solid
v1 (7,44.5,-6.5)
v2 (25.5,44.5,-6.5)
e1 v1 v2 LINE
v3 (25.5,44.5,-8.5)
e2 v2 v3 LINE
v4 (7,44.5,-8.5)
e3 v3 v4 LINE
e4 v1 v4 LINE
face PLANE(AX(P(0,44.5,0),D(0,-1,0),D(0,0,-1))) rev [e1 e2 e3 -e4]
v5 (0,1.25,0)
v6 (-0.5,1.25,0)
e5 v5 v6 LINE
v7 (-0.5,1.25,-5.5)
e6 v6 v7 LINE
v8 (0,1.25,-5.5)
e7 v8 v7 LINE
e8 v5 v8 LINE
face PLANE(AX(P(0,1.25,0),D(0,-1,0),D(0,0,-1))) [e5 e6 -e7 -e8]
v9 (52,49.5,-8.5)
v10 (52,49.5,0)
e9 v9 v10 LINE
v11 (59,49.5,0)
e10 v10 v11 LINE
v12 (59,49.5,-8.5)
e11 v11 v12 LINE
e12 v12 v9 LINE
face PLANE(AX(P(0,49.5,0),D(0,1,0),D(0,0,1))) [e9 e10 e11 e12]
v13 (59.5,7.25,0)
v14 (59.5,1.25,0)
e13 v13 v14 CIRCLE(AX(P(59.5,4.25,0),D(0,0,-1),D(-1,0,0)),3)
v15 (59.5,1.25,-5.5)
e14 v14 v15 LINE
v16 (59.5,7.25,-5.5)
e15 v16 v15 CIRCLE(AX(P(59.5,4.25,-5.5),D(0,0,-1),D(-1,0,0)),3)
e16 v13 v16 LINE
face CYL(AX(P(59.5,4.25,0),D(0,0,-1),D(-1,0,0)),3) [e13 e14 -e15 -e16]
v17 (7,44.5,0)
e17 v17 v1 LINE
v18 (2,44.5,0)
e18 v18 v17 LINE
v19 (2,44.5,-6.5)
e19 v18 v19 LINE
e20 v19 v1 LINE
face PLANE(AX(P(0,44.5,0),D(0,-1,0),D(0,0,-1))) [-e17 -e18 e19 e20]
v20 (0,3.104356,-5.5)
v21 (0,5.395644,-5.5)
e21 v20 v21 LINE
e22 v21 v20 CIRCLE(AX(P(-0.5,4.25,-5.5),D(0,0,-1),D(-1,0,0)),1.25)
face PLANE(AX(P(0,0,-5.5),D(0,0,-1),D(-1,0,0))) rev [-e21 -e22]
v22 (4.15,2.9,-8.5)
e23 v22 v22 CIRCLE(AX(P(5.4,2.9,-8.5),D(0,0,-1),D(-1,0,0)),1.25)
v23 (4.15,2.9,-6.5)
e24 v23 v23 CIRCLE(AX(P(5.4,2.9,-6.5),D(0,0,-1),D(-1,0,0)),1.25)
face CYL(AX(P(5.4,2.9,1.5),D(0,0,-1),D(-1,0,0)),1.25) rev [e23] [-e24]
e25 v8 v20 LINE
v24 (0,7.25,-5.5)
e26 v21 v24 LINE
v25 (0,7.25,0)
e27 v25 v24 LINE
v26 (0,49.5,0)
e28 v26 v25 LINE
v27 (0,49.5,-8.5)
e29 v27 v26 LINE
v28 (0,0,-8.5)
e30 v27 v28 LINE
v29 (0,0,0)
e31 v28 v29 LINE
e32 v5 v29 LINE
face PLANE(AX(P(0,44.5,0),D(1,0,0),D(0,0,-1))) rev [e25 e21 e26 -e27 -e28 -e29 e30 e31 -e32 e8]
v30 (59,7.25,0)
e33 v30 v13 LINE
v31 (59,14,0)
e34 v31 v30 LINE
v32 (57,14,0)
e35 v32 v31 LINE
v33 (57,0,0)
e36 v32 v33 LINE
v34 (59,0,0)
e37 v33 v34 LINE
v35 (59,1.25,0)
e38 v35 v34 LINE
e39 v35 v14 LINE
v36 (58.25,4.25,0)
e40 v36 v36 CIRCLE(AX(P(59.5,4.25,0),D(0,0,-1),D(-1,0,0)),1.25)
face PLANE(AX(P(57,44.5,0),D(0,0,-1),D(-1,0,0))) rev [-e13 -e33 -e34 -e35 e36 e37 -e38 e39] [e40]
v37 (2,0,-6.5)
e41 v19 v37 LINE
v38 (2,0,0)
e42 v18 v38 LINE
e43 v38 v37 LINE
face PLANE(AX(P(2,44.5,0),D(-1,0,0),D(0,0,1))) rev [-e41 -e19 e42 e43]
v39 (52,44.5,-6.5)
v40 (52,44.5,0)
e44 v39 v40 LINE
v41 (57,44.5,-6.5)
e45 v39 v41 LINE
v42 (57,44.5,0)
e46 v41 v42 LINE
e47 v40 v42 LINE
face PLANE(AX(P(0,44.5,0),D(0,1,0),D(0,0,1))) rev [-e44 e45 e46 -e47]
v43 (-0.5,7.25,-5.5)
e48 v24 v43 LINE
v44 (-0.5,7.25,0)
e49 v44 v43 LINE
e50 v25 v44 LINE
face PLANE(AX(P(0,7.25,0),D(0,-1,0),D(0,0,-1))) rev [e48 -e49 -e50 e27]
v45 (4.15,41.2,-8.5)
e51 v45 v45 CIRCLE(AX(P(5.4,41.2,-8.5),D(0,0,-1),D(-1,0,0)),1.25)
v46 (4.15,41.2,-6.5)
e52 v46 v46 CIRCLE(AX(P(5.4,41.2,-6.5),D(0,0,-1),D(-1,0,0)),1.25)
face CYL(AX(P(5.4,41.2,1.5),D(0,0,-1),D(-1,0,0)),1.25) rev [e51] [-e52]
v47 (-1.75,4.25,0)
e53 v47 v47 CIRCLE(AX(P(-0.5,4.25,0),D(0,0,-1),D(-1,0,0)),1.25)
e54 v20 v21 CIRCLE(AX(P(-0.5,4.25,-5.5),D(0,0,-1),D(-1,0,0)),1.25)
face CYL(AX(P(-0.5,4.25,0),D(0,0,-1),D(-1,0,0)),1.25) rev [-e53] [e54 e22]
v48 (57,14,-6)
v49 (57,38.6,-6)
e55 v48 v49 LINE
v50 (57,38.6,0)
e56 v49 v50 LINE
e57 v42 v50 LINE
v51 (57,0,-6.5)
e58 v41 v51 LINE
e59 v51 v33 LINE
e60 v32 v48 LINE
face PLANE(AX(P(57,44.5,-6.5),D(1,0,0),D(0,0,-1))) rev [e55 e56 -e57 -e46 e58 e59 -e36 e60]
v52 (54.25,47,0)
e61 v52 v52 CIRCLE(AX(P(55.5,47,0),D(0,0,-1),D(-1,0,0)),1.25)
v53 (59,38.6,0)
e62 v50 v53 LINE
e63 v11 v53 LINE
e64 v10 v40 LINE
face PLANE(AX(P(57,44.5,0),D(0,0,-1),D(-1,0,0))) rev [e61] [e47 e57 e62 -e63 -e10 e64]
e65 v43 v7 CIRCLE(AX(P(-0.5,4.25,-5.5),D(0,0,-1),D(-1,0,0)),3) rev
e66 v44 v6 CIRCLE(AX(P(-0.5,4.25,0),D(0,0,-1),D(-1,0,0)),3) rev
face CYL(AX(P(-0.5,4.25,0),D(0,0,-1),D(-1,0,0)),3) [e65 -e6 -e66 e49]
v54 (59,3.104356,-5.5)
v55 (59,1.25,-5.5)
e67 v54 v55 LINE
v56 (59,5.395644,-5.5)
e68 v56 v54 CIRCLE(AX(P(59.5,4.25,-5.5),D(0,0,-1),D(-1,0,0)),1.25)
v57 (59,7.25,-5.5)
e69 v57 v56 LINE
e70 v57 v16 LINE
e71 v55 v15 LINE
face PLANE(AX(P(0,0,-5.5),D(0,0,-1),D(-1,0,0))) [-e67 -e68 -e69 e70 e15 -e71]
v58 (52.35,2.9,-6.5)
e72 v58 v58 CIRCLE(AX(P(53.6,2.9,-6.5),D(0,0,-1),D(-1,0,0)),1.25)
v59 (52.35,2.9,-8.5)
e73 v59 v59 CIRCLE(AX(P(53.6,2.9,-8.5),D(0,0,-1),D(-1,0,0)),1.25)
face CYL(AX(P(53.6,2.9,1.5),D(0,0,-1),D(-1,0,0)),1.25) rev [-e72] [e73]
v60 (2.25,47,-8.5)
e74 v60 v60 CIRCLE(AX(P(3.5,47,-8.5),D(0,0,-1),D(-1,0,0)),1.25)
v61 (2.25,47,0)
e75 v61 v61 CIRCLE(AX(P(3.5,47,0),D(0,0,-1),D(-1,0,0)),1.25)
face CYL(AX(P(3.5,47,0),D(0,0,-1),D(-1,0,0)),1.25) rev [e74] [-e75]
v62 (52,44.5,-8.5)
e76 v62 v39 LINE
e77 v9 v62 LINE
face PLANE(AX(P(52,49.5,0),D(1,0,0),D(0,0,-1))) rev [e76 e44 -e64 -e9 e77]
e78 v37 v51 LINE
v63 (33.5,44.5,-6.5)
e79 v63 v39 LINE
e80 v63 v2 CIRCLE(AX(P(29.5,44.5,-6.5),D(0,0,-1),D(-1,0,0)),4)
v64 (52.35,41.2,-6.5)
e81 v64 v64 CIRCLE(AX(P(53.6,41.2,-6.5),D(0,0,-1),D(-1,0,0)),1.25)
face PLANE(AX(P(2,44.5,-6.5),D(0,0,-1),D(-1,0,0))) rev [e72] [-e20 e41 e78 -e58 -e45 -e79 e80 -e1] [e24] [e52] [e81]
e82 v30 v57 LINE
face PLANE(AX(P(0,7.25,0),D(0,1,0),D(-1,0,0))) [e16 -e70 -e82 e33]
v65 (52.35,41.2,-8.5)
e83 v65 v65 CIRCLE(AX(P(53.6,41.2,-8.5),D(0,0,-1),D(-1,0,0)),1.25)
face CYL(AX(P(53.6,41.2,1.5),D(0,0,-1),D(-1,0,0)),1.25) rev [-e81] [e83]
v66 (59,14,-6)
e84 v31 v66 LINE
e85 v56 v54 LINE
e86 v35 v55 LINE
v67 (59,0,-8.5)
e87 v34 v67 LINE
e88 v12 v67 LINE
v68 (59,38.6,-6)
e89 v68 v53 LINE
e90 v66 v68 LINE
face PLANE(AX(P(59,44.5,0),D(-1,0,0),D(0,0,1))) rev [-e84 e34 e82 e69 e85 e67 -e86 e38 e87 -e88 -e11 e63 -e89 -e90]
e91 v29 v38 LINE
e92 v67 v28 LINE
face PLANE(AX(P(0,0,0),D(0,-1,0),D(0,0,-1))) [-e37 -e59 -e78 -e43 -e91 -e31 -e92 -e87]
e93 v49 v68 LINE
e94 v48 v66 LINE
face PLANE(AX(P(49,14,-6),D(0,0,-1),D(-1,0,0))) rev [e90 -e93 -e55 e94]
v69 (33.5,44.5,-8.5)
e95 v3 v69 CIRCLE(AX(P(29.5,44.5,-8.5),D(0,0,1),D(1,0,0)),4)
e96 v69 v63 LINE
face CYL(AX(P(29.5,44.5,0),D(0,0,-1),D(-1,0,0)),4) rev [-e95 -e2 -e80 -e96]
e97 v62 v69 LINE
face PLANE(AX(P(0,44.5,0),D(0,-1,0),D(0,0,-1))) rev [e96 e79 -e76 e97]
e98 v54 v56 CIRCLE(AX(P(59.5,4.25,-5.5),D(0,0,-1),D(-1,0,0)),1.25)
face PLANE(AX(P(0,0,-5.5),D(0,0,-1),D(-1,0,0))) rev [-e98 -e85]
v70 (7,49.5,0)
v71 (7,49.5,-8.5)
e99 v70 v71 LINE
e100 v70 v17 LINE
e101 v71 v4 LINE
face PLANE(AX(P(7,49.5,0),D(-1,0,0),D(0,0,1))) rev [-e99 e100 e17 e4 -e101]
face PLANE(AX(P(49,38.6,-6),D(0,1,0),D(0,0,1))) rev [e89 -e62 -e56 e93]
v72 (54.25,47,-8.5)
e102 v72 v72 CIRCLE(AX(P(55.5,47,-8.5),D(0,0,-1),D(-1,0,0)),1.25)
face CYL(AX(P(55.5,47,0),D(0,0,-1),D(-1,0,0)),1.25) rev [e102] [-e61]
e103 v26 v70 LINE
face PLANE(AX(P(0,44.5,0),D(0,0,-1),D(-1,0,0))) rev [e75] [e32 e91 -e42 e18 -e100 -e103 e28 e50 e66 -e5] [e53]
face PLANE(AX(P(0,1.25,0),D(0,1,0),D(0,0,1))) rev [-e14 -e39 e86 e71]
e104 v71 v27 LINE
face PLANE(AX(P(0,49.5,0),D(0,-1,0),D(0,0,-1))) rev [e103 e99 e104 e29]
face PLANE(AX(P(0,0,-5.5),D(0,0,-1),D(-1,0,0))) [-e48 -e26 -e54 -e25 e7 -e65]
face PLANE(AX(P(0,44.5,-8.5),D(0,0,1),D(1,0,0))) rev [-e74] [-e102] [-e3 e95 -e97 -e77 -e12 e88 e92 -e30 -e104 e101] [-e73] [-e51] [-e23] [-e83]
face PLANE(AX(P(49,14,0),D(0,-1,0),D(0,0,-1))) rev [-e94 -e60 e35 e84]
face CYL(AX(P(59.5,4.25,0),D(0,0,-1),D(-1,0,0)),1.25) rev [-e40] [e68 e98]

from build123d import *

# Parameters (mm, degrees)
BOSS_EXTRUDE1_DEPTH = 44.5
SKETCH2_W           = 6
SKETCH2_H           = 24.6
CUT_EXTRUDE1_DEPTH  = 10
BOSS_EXTRUDE2_DEPTH = 8.5
CUT_EXTRUDE2_DEPTH  = 11
SKETCH4_W           = 7
SKETCH4_H           = 8.5
BOSS_EXTRUDE3_DEPTH = 5
SKETCH5_R           = 1.25
CUT_EXTRUDE3_DEPTH  = 81.179486155
SKETCH7_R           = 1.25
CUT_EXTRUDE4_DEPTH  = 10
SKETCH8_R           = 4
CUT_EXTRUDE5_DEPTH  = 81.179486155
CUT_EXTRUDE6_DEPTH  = 3
BOSS_EXTRUDE4_DEPTH = 3


with BuildPart() as part:
    # Sketch1 → Boss-Extrude1 (new body)
    with BuildSketch(Plane(origin=(0, 0, 0), x_dir=(1, 0, 0), z_dir=(0, 1, 0))):
        Polygon((0, 0), (2, 0), (2, 6.5), (57, 6.5), (57, 0), (59, 0), (59, 8.5), (0, 8.5), align=None)
    extrude(amount=BOSS_EXTRUDE1_DEPTH)

    # Sketch2 → Cut-Extrude1 (cut)
    with BuildSketch(Plane(origin=(59, 0, 0), x_dir=(0, 0, -1), z_dir=(1, 0, 0))):
        with Locations((3, 26.3)):
            Rectangle(SKETCH2_W, SKETCH2_H)
    extrude(amount=-CUT_EXTRUDE1_DEPTH, mode=Mode.SUBTRACT)

    # Sketch3 → Boss-Extrude2 (add)
    with BuildSketch(Plane(origin=(0, 0, -8.5), x_dir=(-1, 0, 0), z_dir=(0, 0, -1))):
        with BuildLine():
            Line((-59, 5.395643924), (-59, 7.25))
            Line((-59, 7.25), (-59.5, 7.25))
            ThreePointArc((-59.5, 7.25), (-62.5, 4.25), (-59.5, 1.25))
            Line((-59.5, 1.25), (-59, 1.25))
            Line((-59, 1.25), (-59, 3.104356076))
            ThreePointArc((-59, 3.104356076), (-60.75, 4.25), (-59, 5.395643924))
        make_face()
        with BuildLine():
            Line((0.5, 7.25), (0, 7.25))
            Line((0, 7.25), (0, 5.395643924))
            ThreePointArc((0, 5.395643924), (1.75, 4.25), (0, 3.104356076))
            Line((0, 3.104356076), (0, 1.25))
            Line((0, 1.25), (0.5, 1.25))
            ThreePointArc((0.5, 1.25), (3.5, 4.25), (0.5, 7.25))
        make_face()
    extrude(amount=-BOSS_EXTRUDE2_DEPTH)

    # Sketch3<3> → Cut-Extrude2 (cut)
    with BuildSketch(Plane(origin=(0, 0, -8.5), x_dir=(-1, 0, 0), z_dir=(0, 0, -1))):
        with BuildLine():
            ThreePointArc((-59, 3.104356076), (-58.25, 4.25), (-59, 5.395643924))
            Line((-59, 5.395643924), (-59, 3.104356076))
        make_face()
        with BuildLine():
            Line((0, 3.104356076), (0, 5.395643924))
            ThreePointArc((0, 5.395643924), (-0.75, 4.25), (0, 3.104356076))
        make_face()
    extrude(amount=-CUT_EXTRUDE2_DEPTH, mode=Mode.SUBTRACT)

    # Sketch4 → Boss-Extrude3 (add)
    with BuildSketch(Plane(origin=(0, 44.5, 0), x_dir=(1, 0, 0), z_dir=(0, 1, 0))):
        with Locations((3.5, 4.25)):
            Rectangle(SKETCH4_W, SKETCH4_H)
        with Locations((55.5, 4.25)):
            Rectangle(SKETCH4_W, SKETCH4_H)
    extrude(amount=BOSS_EXTRUDE3_DEPTH)

    # Sketch5 → Cut-Extrude3 (cut, through all)
    with BuildSketch(Plane(origin=(0, 0, -8.5), x_dir=(-1, 0, 0), z_dir=(0, 0, -1))):
        with Locations((-55.5, 47)):
            Circle(SKETCH5_R)
        with Locations((-3.5, 47)):
            Circle(SKETCH5_R)
    extrude(amount=-CUT_EXTRUDE3_DEPTH, mode=Mode.SUBTRACT)

    # Sketch7 → Cut-Extrude4 (cut)
    with BuildSketch(Plane(origin=(0, 0, -8.5), x_dir=(-1, 0, 0), z_dir=(0, 0, -1))):
        with Locations((-5.4, 2.9)):
            Circle(SKETCH7_R)
        with Locations((-53.6, 2.9)):
            Circle(SKETCH7_R)
        with Locations((-53.6, 41.2)):
            Circle(SKETCH7_R)
        with Locations((-5.4, 41.2)):
            Circle(SKETCH7_R)
    extrude(amount=-CUT_EXTRUDE4_DEPTH, mode=Mode.SUBTRACT)

    # Sketch8 → Cut-Extrude5 (cut, through all)
    with BuildSketch(Plane(origin=(0, 0, -8.5), x_dir=(-1, 0, 0), z_dir=(0, 0, -1))):
        with Locations((-29.5, 44.5)):
            Circle(SKETCH8_R)
    extrude(amount=-CUT_EXTRUDE5_DEPTH, mode=Mode.SUBTRACT)

    # Sketch3<4> → Cut-Extrude6 (cut)
    with BuildSketch(Plane(origin=(0, 0, -8.5), x_dir=(-1, 0, 0), z_dir=(0, 0, -1))):
        with BuildLine():
            Line((-59, 5.395643924), (-59, 7.25))
            Line((-59, 7.25), (-59.5, 7.25))
            ThreePointArc((-59.5, 7.25), (-62.5, 4.25), (-59.5, 1.25))
            Line((-59.5, 1.25), (-59, 1.25))
            Line((-59, 1.25), (-59, 3.104356076))
            ThreePointArc((-59, 3.104356076), (-60.75, 4.25), (-59, 5.395643924))
        make_face()
        with BuildLine():
            Line((0.5, 7.25), (0, 7.25))
            Line((0, 7.25), (0, 5.395643924))
            ThreePointArc((0, 5.395643924), (1.75, 4.25), (0, 3.104356076))
            Line((0, 3.104356076), (0, 1.25))
            Line((0, 1.25), (0.5, 1.25))
            ThreePointArc((0.5, 1.25), (3.5, 4.25), (0.5, 7.25))
        make_face()
    extrude(amount=-CUT_EXTRUDE6_DEPTH, mode=Mode.SUBTRACT)

    # Sketch3<5> → Boss-Extrude4 (add)
    with BuildSketch(Plane(origin=(0, 0, -8.5), x_dir=(-1, 0, 0), z_dir=(0, 0, -1))):
        with BuildLine():
            ThreePointArc((-59, 3.104356076), (-58.25, 4.25), (-59, 5.395643924))
            Line((-59, 5.395643924), (-59, 3.104356076))
        make_face()
        with BuildLine():
            Line((0, 3.104356076), (0, 5.395643924))
            ThreePointArc((0, 5.395643924), (-0.75, 4.25), (0, 3.104356076))
        make_face()
    extrude(amount=-BOSS_EXTRUDE4_DEPTH)


solid = part.part
